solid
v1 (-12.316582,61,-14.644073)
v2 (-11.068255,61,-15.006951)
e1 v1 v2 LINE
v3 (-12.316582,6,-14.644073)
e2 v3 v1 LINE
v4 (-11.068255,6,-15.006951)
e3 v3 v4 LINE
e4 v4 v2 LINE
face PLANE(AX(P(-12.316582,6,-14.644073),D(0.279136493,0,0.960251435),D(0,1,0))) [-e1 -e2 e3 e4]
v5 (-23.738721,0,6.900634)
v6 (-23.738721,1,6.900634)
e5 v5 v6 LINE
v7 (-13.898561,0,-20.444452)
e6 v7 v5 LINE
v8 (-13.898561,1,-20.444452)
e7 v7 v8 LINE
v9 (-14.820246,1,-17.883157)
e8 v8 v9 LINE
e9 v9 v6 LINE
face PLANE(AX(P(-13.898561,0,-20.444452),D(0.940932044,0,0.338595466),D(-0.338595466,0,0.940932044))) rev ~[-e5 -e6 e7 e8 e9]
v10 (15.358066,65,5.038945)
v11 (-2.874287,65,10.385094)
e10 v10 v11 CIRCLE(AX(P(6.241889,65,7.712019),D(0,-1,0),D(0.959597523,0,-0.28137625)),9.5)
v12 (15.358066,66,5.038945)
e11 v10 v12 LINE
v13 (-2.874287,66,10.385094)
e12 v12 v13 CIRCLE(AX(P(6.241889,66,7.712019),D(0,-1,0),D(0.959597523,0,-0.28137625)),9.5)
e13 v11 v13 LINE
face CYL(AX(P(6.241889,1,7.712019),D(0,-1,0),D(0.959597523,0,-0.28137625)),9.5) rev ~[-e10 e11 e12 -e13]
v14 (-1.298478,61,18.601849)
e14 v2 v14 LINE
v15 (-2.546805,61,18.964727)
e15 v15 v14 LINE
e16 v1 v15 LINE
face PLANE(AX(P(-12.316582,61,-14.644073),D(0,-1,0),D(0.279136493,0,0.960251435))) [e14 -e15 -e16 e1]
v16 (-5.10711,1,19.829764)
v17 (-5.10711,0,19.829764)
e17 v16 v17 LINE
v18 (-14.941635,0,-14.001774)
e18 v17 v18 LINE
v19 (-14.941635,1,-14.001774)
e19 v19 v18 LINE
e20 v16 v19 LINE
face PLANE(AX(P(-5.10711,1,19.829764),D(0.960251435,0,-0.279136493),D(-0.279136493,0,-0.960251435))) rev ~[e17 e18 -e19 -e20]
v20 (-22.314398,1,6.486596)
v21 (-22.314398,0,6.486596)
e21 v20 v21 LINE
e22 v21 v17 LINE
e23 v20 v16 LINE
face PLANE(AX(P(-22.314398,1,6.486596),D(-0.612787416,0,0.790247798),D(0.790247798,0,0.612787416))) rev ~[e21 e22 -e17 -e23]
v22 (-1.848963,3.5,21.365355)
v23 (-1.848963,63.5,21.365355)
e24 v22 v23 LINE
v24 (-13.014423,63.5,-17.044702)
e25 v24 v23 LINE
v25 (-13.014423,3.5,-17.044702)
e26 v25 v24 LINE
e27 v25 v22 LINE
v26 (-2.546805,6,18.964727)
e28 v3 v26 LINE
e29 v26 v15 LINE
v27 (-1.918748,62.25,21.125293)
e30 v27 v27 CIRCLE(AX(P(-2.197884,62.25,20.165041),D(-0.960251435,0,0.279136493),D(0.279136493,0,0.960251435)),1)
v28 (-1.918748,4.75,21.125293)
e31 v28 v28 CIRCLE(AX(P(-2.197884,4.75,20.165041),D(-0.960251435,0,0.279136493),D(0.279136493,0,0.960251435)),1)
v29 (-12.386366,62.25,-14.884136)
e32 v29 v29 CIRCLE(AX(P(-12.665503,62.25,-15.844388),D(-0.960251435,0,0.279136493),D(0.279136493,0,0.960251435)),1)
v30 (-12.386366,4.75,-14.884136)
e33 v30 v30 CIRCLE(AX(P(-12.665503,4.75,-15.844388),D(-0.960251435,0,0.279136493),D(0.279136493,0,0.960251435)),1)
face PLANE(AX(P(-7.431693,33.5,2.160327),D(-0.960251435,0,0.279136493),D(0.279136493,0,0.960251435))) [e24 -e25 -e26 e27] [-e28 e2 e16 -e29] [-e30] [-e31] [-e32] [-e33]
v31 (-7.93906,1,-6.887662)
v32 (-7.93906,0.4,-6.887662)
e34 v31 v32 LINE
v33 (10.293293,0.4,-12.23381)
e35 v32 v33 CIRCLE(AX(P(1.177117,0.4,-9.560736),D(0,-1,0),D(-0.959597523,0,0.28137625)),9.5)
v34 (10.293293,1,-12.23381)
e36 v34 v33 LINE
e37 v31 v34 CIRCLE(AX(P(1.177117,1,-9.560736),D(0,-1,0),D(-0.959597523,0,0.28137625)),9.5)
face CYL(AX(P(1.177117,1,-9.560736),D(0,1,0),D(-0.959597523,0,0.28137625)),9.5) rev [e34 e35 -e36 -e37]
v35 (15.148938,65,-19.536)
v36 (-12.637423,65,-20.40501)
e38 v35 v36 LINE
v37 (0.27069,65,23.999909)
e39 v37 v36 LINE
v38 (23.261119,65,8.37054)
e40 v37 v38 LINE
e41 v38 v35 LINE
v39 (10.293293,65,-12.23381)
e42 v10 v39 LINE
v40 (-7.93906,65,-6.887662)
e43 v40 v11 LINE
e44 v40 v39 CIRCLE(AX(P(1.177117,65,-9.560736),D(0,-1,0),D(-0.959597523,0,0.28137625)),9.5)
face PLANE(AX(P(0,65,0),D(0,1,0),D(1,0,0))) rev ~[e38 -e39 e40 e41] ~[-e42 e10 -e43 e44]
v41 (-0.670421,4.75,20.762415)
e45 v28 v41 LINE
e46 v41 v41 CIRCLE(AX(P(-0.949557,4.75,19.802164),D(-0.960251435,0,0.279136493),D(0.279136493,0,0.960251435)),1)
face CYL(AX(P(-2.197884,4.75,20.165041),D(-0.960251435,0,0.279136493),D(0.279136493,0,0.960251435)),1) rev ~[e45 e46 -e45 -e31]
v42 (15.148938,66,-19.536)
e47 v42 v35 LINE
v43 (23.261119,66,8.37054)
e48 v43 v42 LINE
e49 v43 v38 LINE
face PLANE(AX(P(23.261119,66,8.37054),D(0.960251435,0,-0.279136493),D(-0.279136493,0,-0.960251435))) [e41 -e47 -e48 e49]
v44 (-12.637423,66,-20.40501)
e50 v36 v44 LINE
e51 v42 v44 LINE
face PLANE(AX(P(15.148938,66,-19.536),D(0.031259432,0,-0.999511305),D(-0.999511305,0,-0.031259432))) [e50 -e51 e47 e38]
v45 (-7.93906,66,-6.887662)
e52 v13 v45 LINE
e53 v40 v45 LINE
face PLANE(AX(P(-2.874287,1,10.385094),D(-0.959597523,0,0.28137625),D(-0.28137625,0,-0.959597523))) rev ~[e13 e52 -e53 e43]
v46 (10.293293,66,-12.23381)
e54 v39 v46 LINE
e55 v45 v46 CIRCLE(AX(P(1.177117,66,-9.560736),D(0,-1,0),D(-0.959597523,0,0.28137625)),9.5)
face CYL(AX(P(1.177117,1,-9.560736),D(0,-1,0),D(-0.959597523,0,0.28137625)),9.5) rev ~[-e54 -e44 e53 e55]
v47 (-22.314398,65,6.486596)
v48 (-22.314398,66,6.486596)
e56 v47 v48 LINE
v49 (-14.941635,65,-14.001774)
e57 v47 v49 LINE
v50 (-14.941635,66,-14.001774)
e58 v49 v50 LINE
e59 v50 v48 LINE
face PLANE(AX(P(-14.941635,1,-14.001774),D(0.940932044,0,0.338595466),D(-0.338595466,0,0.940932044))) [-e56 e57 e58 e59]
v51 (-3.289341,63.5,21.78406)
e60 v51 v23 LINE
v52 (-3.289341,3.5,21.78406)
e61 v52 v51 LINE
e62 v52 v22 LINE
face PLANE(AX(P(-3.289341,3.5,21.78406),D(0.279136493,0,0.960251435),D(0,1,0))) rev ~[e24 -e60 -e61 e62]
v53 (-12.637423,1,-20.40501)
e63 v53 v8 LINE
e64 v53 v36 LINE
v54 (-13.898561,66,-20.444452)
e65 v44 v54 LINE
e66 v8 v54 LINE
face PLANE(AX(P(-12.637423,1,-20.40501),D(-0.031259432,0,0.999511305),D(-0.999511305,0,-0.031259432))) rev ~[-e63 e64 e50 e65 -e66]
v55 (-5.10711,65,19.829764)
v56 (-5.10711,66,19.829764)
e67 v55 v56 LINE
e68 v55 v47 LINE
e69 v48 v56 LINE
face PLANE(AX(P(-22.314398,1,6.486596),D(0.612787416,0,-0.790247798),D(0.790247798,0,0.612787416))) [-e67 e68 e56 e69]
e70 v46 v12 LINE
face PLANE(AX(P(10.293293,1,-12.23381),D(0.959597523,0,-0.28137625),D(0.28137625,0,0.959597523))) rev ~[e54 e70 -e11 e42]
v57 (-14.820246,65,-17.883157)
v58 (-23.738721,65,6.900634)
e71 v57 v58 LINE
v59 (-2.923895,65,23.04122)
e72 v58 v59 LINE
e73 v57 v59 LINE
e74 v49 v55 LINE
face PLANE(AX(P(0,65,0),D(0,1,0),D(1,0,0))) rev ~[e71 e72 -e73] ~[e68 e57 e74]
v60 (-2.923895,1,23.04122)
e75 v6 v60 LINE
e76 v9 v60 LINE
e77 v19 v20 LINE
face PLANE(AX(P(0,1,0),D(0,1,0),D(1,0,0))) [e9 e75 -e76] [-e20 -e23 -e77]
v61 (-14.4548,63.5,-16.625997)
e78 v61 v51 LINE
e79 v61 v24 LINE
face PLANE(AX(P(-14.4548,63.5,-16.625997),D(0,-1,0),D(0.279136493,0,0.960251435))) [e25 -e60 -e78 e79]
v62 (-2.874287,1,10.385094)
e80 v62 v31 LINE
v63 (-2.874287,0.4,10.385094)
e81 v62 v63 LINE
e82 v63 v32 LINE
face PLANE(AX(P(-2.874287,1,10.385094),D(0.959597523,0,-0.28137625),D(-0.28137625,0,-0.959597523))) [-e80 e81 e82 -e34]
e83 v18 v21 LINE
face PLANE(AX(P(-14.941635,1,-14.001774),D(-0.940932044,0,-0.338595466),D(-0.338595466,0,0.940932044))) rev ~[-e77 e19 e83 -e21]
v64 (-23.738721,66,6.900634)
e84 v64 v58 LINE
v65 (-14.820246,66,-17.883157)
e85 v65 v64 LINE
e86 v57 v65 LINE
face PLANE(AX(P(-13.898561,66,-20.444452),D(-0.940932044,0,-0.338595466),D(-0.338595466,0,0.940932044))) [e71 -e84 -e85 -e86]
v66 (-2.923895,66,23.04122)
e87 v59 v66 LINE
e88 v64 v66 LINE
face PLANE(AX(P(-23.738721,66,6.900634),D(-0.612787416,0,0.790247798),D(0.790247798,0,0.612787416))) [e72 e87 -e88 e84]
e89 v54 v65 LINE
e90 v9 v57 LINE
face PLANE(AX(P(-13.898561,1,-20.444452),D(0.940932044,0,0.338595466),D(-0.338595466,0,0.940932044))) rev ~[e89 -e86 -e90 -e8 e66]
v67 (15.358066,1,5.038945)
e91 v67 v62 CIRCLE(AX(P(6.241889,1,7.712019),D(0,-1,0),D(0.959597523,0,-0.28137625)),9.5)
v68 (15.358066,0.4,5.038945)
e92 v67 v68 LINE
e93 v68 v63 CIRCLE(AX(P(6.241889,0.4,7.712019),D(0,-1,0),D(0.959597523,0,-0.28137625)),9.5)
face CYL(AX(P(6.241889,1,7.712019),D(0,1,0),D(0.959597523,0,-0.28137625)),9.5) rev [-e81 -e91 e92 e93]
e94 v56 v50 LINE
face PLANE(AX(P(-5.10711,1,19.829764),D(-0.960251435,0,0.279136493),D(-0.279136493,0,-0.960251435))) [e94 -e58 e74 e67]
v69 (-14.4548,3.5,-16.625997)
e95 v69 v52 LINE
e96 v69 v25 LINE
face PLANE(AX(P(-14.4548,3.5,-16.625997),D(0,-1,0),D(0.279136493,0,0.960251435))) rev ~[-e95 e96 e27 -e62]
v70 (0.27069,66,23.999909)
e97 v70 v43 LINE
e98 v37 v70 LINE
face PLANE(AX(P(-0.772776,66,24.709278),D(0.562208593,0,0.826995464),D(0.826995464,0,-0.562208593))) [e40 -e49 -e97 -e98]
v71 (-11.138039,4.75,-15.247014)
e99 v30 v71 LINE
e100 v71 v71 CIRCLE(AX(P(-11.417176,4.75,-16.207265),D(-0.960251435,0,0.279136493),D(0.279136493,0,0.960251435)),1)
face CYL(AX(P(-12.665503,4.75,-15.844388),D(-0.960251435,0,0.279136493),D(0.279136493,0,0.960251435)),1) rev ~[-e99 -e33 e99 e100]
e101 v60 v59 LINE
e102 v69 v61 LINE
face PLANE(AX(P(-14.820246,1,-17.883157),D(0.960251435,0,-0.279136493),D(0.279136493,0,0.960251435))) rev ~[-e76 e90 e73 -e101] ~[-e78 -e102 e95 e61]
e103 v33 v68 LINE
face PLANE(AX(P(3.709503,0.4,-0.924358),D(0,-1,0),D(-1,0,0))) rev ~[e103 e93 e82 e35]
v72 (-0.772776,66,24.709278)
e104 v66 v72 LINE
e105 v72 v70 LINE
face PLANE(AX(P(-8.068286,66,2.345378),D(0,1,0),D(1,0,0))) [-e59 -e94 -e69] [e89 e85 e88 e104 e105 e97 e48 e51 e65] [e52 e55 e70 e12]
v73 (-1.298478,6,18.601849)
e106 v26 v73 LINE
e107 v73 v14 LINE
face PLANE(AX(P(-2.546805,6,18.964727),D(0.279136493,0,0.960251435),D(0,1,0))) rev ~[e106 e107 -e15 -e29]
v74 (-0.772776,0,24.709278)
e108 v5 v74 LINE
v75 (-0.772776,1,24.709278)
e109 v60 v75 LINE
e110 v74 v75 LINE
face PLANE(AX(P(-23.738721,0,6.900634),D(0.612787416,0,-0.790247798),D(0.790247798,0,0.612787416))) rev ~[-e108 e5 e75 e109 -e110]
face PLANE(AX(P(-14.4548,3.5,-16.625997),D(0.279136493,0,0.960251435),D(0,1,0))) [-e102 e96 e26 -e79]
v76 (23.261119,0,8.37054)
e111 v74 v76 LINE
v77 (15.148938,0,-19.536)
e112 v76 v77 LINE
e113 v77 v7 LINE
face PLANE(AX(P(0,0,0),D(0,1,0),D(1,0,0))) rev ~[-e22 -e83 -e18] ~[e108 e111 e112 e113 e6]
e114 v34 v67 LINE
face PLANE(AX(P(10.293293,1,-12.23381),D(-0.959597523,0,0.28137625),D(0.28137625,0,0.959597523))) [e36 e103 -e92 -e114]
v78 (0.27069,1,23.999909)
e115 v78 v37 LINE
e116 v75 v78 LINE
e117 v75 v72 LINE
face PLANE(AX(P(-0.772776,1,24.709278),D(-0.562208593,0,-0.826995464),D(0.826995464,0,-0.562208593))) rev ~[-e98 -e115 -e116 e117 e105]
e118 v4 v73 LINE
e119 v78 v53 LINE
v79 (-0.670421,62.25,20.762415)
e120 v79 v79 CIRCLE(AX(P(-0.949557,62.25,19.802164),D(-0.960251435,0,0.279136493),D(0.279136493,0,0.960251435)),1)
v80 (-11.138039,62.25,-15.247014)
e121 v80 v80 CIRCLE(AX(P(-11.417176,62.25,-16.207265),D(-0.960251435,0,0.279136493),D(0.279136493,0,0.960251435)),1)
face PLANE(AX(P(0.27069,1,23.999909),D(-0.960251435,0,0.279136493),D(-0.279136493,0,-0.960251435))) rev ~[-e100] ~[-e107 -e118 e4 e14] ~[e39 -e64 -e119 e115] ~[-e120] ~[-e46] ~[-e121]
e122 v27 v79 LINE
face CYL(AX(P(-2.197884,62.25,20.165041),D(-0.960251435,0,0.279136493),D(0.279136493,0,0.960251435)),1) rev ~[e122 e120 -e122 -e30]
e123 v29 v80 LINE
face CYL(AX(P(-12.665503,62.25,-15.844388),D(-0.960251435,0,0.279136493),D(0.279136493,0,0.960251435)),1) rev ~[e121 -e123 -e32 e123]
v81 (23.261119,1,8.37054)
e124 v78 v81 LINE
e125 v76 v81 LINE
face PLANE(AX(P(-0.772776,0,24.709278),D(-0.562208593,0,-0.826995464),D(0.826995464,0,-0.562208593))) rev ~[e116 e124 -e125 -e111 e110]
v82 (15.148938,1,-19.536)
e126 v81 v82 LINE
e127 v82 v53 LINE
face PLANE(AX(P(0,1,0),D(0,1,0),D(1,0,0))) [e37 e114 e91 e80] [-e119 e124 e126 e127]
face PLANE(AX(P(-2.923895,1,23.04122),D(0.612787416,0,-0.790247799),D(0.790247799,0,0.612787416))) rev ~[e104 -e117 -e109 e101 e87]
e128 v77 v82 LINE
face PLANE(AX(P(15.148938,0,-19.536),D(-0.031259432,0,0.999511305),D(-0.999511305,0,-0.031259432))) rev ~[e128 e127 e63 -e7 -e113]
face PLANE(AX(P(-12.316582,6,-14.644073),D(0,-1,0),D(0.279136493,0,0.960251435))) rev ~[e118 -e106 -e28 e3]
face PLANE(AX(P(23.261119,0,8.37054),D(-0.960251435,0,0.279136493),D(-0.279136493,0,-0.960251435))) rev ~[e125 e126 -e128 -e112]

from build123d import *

# Parameters (mm, degrees)
BOSS_EXTRUDE1_DEPTH            = 1
BOSS_EXTRUDE2_DEPTH            = 65
SKETCH4_W                      = 40
SKETCH4_H                      = 60
CUT_EXTRUDE1_DEPTH             = 1.5
SKETCH5_W                      = 35
SKETCH5_H                      = 55
CUT_EXTRUDE2_DEPTH             = 1.3
BOSS_EXTRUDE3_DEPTH            = 1
CUT_EXTRUDE3_REACH             = 75.478
CUT_EXTRUDE3_DIRECTION_2_REACH = 75.478
CUT_EXTRUDE4_DEPTH             = 0.6
CUT_EXTRUDE4_DIRECTION_2_REACH = 75.478
SKETCH8_R                      = 1
CUT_EXTRUDE5_DEPTH             = 1.3


with BuildPart() as part:
    # Sketch1 → Boss-Extrude1 (new body)
    with BuildSketch(Plane(origin=(0, 0, 0), x_dir=(1, 0, 0), z_dir=(0, 1, 0))):
        Polygon((23.261119363, -8.370540245), (15.148938036, 19.535999959), (-13.898560763, 20.444452223), (-23.738720982, -6.900633603), (-0.772775653, -24.709278334), align=None)
    extrude(amount=BOSS_EXTRUDE1_DEPTH)

    # Sketch2 → Boss-Extrude2 (add)
    with BuildSketch(Plane(origin=(0, 1, 0), x_dir=(1, 0, 0), z_dir=(0, 1, 0))):
        Polygon((-2.923895425, -23.04122038), (-0.772775653, -24.709278334), (-13.898560763, 20.444452223), (-14.820245584, 17.883157492), align=None)
        Polygon((-13.898560763, 20.444452223), (-0.772775653, -24.709278334), (0.270689735, -23.999909017), (-12.637422708, 20.405010489), align=None)
    extrude(amount=BOSS_EXTRUDE2_DEPTH)

    # Sketch4 → Cut-Extrude1 (cut)
    with BuildSketch(Plane(origin=(-8.872070504, 0, 2.579031444), x_dir=(0.2791364928440536, 0, 0.9602514349704049), z_dir=(-0.9602514349704049, 0, 0.2791364928440536))):
        with Locations((0, 33.5)):
            Rectangle(SKETCH4_W, SKETCH4_H)
    extrude(amount=-CUT_EXTRUDE1_DEPTH, mode=Mode.SUBTRACT)

    # Sketch5 → Cut-Extrude2 (cut)
    with BuildSketch(Plane(origin=(-7.431693352, 0, 2.160326705), x_dir=(0.2791364928440537, 0, 0.9602514349704049), z_dir=(-0.9602514349704049, 0, 0.2791364928440537))):
        with Locations((0, 33.5)):
            Rectangle(SKETCH5_W, SKETCH5_H)
    extrude(amount=-CUT_EXTRUDE2_DEPTH, mode=Mode.SUBTRACT)

    # Sketch7 → Boss-Extrude3 (add)
    with BuildSketch(Plane(origin=(0, 66, 0), x_dir=(1, 0, 0), z_dir=(0, 1, 0))):
        Polygon((-0.772775653, -24.709278334), (23.261119363, -8.370540245), (15.148938036, 19.535999959), (-13.898560763, 20.444452223), (-23.738720982, -6.900633603), align=None)
    extrude(amount=-BOSS_EXTRUDE3_DEPTH)

    # Cut-Extrude3: up to this face of the body (flat: up to its plane)
    cut_extrude3_end = Plane(part.part.faces().sort_by_distance((0, 66, 0))[0])
    # Sketch6 → Cut-Extrude3 (cut, up to the picked face)
    with BuildSketch(Plane(origin=(0, 1, 0), x_dir=(1, 0, 0), z_dir=(0, 1, 0)), mode=Mode.PRIVATE) as cut_extrude3_sk1:
        Polygon((-22.314397723, -6.486595587), (-5.107109693, -19.829764132), (-14.941634759, 14.001773661), align=None)
    cut_extrude3_tool1 = split(extrude(cut_extrude3_sk1.sketch, amount=CUT_EXTRUDE3_REACH, mode=Mode.PRIVATE), bisect_by=cut_extrude3_end, keep=Keep.BOTH, mode=Mode.PRIVATE)
    add(cut_extrude3_tool1.solids().sort_by(Axis((-14.121047, 1, 4.104862), (0, 1, 0)))[0], mode=Mode.SUBTRACT)

    # Cut-Extrude3 direction 2: up to this face of the body (flat: up to its plane)
    cut_extrude3_direction_2_end = Plane(part.part.faces().sort_by_distance((0, 0, 0))[0])
    # Sketch6 → Cut-Extrude3 direction 2 (cut, up to the picked face)
    with BuildSketch(Plane(origin=(0, 1, 0), x_dir=(1, 0, 0), z_dir=(0, 1, 0)), mode=Mode.PRIVATE) as cut_extrude3_direction_2_sk1:
        Polygon((-22.314397723, -6.486595587), (-5.107109693, -19.829764132), (-14.941634759, 14.001773661), align=None)
    cut_extrude3_direction_2_tool1 = split(extrude(cut_extrude3_direction_2_sk1.sketch, amount=-CUT_EXTRUDE3_DIRECTION_2_REACH, mode=Mode.PRIVATE), bisect_by=cut_extrude3_direction_2_end, keep=Keep.BOTH, mode=Mode.PRIVATE)
    add(cut_extrude3_direction_2_tool1.solids().sort_by(Axis((-14.121047, 1, 4.104862), (0, -1, 0)))[0], mode=Mode.SUBTRACT)

    # Sketch3 → Cut-Extrude4 (cut)
    with BuildSketch(Plane(origin=(0, 1, 0), x_dir=(1, 0, 0), z_dir=(0, 1, 0))):
        with BuildLine():
            Line((10.293293236, 12.233810418), (15.358065736, -5.038944994))
            ThreePointArc((15.358065736, -5.038944994), (8.914963643, -16.828195836), (-2.874287199, -10.385093743))
            Line((-2.874287199, -10.385093743), (-7.939059699, 6.887661669))
            ThreePointArc((-7.939059699, 6.887661669), (-1.495957606, 18.676912511), (10.293293236, 12.233810418))
        make_face()
    extrude(amount=-CUT_EXTRUDE4_DEPTH, mode=Mode.SUBTRACT)

    # Cut-Extrude4 direction 2: up to this face of the body (flat: up to its plane)
    cut_extrude4_direction_2_end = Plane(part.part.faces().sort_by_distance((2.593442955, 66, -0.753890642))[0])
    # Sketch3 → Cut-Extrude4 direction 2 (cut, up to the picked face)
    with BuildSketch(Plane(origin=(0, 1, 0), x_dir=(1, 0, 0), z_dir=(0, 1, 0)), mode=Mode.PRIVATE) as cut_extrude4_direction_2_sk1:
        with BuildLine():
            Line((10.293293236, 12.233810418), (15.358065736, -5.038944994))
            ThreePointArc((15.358065736, -5.038944994), (8.914963643, -16.828195836), (-2.874287199, -10.385093743))
            Line((-2.874287199, -10.385093743), (-7.939059699, 6.887661669))
            ThreePointArc((-7.939059699, 6.887661669), (-1.495957606, 18.676912511), (10.293293236, 12.233810418))
        make_face()
    cut_extrude4_direction_2_tool1 = split(extrude(cut_extrude4_direction_2_sk1.sketch, amount=CUT_EXTRUDE4_DIRECTION_2_REACH, mode=Mode.PRIVATE), bisect_by=cut_extrude4_direction_2_end, keep=Keep.BOTH, mode=Mode.PRIVATE)
    add(cut_extrude4_direction_2_tool1.solids().sort_by(Axis((3.709503, 1, -0.924358), (0, 1, 0)))[0], mode=Mode.SUBTRACT)

    # Sketch8 → Cut-Extrude5 (cut)
    with BuildSketch(Plane(origin=(-7.431693352, 0, 2.160326705), x_dir=(0.2791364928440537, 0, 0.9602514349704049), z_dir=(-0.9602514349704049, 0, 0.2791364928440537))):
        with Locations((-18.75, 4.75)):
            Circle(SKETCH8_R)
        with Locations((18.75, 4.75)):
            Circle(SKETCH8_R)
        with Locations((-18.75, 62.25)):
            Circle(SKETCH8_R)
        with Locations((18.75, 62.25)):
            Circle(SKETCH8_R)
    extrude(amount=-CUT_EXTRUDE5_DEPTH, mode=Mode.SUBTRACT)


solid = part.part
